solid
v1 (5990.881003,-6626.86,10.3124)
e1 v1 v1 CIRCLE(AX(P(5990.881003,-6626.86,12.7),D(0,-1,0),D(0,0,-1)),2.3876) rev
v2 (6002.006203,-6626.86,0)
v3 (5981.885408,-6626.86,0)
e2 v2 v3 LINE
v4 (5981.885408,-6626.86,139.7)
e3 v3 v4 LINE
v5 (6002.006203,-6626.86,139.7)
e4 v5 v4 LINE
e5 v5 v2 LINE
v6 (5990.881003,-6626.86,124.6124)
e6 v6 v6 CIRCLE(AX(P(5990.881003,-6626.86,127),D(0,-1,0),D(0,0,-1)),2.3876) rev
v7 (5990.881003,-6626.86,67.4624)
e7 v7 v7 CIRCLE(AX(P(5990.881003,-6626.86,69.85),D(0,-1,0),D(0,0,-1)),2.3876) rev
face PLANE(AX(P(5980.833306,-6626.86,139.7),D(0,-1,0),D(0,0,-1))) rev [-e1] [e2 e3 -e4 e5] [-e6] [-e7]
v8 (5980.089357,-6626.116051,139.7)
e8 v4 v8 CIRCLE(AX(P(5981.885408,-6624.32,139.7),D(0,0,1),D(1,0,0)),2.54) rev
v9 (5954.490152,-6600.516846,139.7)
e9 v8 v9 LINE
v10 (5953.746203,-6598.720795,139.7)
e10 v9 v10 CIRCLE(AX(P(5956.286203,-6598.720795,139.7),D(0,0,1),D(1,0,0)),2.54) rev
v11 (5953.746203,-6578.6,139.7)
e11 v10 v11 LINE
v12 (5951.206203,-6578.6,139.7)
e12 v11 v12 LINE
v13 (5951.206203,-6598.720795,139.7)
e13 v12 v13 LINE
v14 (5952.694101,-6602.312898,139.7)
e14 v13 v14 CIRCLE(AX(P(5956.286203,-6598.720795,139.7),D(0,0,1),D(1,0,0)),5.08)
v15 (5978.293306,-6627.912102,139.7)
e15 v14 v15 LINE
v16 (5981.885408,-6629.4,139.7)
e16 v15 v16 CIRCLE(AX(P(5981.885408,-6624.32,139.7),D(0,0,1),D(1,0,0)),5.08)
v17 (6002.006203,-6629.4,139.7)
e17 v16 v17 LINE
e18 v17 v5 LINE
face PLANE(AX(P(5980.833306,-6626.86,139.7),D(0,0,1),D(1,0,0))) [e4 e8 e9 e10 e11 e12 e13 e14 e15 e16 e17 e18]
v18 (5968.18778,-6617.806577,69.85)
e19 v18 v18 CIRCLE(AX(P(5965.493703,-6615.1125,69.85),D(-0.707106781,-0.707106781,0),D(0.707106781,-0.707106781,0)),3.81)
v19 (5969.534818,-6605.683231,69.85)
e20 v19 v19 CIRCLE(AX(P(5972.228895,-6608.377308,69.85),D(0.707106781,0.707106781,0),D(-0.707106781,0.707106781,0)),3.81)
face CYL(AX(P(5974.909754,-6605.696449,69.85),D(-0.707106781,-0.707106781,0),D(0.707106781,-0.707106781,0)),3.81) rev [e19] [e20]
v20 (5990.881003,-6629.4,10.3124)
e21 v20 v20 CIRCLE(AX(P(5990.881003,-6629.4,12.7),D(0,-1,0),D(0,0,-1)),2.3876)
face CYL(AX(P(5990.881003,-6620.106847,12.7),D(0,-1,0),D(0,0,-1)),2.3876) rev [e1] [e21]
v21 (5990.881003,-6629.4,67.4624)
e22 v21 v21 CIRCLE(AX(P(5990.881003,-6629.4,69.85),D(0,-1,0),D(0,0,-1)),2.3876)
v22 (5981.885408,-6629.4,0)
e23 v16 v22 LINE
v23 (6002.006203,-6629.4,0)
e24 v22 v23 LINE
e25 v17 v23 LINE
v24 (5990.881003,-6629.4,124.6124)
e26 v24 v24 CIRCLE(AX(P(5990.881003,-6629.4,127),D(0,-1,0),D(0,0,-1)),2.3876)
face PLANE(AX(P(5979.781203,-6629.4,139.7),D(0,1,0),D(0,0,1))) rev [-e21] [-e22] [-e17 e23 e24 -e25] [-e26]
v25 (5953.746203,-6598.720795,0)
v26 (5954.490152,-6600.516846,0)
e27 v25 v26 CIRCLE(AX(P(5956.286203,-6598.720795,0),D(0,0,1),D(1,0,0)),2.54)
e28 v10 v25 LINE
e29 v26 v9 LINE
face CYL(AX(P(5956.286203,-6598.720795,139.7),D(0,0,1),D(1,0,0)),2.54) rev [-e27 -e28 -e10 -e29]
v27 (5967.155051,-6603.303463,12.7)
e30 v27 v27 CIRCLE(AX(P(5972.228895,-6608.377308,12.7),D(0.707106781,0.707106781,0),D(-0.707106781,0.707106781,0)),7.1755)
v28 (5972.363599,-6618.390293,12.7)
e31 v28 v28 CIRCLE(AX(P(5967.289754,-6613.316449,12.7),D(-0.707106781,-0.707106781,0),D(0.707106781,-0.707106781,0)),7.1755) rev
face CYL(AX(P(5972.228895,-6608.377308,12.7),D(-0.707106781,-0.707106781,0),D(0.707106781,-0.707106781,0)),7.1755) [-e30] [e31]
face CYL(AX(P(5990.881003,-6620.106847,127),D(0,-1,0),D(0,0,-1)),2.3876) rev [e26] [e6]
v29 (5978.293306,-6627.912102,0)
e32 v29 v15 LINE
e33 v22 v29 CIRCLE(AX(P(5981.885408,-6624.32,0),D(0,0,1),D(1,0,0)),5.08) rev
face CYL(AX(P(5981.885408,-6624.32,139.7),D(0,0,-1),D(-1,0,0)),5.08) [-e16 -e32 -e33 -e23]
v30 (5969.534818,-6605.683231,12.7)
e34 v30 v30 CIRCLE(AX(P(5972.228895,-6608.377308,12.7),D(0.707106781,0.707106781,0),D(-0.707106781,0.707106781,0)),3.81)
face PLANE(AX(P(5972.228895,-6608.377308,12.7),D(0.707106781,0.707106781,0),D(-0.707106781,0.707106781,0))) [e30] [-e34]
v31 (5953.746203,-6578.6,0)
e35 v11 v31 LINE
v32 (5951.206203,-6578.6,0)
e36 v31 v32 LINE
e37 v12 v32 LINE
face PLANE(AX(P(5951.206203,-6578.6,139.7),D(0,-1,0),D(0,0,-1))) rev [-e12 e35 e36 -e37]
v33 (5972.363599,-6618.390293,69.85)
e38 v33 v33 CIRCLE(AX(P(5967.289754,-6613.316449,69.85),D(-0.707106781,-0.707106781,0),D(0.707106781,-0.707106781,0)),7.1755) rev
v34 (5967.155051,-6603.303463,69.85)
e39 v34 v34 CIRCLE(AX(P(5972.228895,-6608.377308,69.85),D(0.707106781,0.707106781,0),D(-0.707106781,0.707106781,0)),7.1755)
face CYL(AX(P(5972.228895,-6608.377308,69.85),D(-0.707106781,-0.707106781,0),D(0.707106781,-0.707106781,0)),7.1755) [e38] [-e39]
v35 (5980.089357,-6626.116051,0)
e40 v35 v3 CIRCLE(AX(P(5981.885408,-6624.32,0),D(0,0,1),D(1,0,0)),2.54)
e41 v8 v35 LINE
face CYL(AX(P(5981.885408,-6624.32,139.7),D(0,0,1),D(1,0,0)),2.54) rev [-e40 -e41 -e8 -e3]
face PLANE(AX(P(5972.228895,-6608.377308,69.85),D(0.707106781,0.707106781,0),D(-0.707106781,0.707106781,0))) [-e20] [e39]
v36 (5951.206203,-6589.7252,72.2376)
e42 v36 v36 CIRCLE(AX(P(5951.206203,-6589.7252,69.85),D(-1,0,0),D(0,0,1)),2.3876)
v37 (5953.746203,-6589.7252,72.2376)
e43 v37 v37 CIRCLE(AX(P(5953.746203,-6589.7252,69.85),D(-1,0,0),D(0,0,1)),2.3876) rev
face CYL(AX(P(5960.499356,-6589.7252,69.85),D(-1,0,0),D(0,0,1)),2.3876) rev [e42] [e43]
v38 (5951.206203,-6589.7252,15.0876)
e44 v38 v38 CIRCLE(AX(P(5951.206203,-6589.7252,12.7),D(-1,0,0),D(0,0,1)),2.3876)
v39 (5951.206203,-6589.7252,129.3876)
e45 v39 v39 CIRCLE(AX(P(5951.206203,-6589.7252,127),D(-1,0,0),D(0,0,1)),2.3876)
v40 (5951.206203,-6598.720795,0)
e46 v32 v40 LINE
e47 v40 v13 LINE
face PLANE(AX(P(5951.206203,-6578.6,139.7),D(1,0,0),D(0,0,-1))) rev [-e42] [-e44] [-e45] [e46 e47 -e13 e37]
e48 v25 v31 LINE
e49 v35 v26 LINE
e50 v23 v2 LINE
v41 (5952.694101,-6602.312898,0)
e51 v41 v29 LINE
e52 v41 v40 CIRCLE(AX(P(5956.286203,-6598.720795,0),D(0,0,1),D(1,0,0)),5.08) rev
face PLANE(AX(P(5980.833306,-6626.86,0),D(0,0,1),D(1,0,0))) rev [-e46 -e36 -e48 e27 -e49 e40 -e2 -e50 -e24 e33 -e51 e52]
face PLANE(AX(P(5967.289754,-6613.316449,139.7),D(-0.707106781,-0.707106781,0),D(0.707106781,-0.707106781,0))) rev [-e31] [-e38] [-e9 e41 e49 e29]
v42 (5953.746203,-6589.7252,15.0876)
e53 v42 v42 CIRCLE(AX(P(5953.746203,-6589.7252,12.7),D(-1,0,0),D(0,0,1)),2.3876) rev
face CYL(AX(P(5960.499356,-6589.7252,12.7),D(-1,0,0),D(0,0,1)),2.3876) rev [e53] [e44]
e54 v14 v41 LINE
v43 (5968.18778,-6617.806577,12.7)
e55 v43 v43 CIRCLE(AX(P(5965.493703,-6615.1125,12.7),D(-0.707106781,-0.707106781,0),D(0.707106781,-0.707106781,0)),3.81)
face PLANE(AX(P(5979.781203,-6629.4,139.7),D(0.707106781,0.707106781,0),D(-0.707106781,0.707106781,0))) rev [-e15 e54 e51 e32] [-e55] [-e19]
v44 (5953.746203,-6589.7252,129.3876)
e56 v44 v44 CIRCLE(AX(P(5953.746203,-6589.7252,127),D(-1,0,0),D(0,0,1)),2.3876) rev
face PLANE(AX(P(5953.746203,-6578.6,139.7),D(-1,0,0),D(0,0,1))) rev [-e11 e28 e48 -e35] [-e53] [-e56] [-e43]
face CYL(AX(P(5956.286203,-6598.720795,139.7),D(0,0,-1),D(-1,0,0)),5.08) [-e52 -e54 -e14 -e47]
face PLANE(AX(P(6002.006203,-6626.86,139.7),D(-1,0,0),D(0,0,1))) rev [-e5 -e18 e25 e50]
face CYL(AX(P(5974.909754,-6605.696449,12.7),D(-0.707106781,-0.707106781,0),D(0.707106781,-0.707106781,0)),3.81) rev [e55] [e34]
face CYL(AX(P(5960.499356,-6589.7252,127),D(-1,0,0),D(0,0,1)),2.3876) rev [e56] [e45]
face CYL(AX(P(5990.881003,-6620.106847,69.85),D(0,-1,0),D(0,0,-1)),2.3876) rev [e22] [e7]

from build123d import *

# Parameters (mm, degrees)
EXTRUDE1_DEPTH     = 139.7
SKETCH2_R          = 2.3876
CUT_EXTRUDE1_DEPTH = 2.539999999
SKETCH3_R          = 2.3876
CUT_EXTRUDE2_DEPTH = 2.54
SKETCH4_R          = 3.81
CUT_EXTRUDE3_DEPTH = 2.539999999
SKETCH5_R          = 7.1755
SKETCH5_R_2        = 3.81
EXTRUDE2_DEPTH     = 6.985
FILLET1_R          = 2.54
FILLET2_R          = 5.08


with BuildPart() as part:
    # Sketch1 → Extrude1 (new body)
    with BuildSketch(Plane.XY):
        Polygon((5980.833305588, -6626.860000001), (6002.006203139, -6626.860000001), (6002.006203139, -6629.4), (5979.781203139, -6629.4), (5951.206203139, -6600.825), (5951.206203139, -6578.6), (5953.746203139, -6578.6), (5953.746203139, -6599.772897553), (5967.289754364, -6613.316448778), align=None)
    extrude(amount=EXTRUDE1_DEPTH)

    # Sketch2 → Cut-Extrude1 (cut)
    with BuildSketch(Plane.XZ.offset(6629.4)):
        with Locations(Location((5990.881003139, 127, 0), (0, 0, 270))):
            Circle(SKETCH2_R)
        with Locations(Location((5990.881003139, 69.85, 0), (0, 0, 270))):
            Circle(SKETCH2_R)
        with Locations(Location((5990.881003139, 12.7, 0), (0, 0, 270))):
            Circle(SKETCH2_R)
    extrude(amount=-CUT_EXTRUDE1_DEPTH, mode=Mode.SUBTRACT)

    # Sketch3 → Cut-Extrude2 (cut)
    with BuildSketch(Plane.ZY.offset(-5951.206203139)):
        with Locations((127, -6589.7252)):
            Circle(SKETCH3_R)
        with Locations((69.85, -6589.7252)):
            Circle(SKETCH3_R)
        with Locations((12.7, -6589.7252)):
            Circle(SKETCH3_R)
    extrude(amount=-CUT_EXTRUDE2_DEPTH, mode=Mode.SUBTRACT)

    # Sketch4 → Cut-Extrude3 (cut)
    with BuildSketch(Plane(origin=(-324.80939843, -324.80939843, 0), x_dir=(0, 0, 1), z_dir=(-0.7071067811865477, -0.7071067811865475, 0))):
        with Locations(Location((69.85, -8895.831957677, 0), (0, 0, 270))):
            Circle(SKETCH4_R)
        with Locations(Location((12.7, -8895.831957677, 0), (0, 0, 270))):
            Circle(SKETCH4_R)
    extrude(amount=-CUT_EXTRUDE3_DEPTH, mode=Mode.SUBTRACT)

    # Sketch5 → Extrude2 (add)
    with BuildSketch(Plane(origin=(-323.013347207, -323.013347207, 0), x_dir=(0, 0, -1), z_dir=(0.7071067811865477, 0.7071067811865475, 0))):
        with Locations(Location((-69.85, -8895.831957677, 0), (0, 0, 270))):
            Circle(SKETCH5_R)
        with Locations(Location((-69.85, -8895.831957677, 0), (0, 0, 270))):
            Circle(SKETCH5_R_2, mode=Mode.SUBTRACT)
        with Locations(Location((-12.7, -8895.831957677, 0), (0, 0, 270))):
            Circle(SKETCH5_R)
        with Locations(Location((-12.7, -8895.831957677, 0), (0, 0, 270))):
            Circle(SKETCH5_R_2, mode=Mode.SUBTRACT)
    extrude(amount=EXTRUDE2_DEPTH)

    # Fillet1
    fillet1_edges = [part.edges().sort_by_distance(p)[0] for p in [
        (5980.833305588, -6626.860000001, 69.85),
        (5953.746203139, -6599.772897553, 69.85),
    ]]
    fillet(fillet1_edges, radius=FILLET1_R)

    # Fillet2
    fillet2_edges = [part.edges().sort_by_distance(p)[0] for p in [
        (5979.781203139, -6629.4, 69.85),
        (5951.206203139, -6600.825, 69.85),
    ]]
    fillet(fillet2_edges, radius=FILLET2_R)


solid = part.part
